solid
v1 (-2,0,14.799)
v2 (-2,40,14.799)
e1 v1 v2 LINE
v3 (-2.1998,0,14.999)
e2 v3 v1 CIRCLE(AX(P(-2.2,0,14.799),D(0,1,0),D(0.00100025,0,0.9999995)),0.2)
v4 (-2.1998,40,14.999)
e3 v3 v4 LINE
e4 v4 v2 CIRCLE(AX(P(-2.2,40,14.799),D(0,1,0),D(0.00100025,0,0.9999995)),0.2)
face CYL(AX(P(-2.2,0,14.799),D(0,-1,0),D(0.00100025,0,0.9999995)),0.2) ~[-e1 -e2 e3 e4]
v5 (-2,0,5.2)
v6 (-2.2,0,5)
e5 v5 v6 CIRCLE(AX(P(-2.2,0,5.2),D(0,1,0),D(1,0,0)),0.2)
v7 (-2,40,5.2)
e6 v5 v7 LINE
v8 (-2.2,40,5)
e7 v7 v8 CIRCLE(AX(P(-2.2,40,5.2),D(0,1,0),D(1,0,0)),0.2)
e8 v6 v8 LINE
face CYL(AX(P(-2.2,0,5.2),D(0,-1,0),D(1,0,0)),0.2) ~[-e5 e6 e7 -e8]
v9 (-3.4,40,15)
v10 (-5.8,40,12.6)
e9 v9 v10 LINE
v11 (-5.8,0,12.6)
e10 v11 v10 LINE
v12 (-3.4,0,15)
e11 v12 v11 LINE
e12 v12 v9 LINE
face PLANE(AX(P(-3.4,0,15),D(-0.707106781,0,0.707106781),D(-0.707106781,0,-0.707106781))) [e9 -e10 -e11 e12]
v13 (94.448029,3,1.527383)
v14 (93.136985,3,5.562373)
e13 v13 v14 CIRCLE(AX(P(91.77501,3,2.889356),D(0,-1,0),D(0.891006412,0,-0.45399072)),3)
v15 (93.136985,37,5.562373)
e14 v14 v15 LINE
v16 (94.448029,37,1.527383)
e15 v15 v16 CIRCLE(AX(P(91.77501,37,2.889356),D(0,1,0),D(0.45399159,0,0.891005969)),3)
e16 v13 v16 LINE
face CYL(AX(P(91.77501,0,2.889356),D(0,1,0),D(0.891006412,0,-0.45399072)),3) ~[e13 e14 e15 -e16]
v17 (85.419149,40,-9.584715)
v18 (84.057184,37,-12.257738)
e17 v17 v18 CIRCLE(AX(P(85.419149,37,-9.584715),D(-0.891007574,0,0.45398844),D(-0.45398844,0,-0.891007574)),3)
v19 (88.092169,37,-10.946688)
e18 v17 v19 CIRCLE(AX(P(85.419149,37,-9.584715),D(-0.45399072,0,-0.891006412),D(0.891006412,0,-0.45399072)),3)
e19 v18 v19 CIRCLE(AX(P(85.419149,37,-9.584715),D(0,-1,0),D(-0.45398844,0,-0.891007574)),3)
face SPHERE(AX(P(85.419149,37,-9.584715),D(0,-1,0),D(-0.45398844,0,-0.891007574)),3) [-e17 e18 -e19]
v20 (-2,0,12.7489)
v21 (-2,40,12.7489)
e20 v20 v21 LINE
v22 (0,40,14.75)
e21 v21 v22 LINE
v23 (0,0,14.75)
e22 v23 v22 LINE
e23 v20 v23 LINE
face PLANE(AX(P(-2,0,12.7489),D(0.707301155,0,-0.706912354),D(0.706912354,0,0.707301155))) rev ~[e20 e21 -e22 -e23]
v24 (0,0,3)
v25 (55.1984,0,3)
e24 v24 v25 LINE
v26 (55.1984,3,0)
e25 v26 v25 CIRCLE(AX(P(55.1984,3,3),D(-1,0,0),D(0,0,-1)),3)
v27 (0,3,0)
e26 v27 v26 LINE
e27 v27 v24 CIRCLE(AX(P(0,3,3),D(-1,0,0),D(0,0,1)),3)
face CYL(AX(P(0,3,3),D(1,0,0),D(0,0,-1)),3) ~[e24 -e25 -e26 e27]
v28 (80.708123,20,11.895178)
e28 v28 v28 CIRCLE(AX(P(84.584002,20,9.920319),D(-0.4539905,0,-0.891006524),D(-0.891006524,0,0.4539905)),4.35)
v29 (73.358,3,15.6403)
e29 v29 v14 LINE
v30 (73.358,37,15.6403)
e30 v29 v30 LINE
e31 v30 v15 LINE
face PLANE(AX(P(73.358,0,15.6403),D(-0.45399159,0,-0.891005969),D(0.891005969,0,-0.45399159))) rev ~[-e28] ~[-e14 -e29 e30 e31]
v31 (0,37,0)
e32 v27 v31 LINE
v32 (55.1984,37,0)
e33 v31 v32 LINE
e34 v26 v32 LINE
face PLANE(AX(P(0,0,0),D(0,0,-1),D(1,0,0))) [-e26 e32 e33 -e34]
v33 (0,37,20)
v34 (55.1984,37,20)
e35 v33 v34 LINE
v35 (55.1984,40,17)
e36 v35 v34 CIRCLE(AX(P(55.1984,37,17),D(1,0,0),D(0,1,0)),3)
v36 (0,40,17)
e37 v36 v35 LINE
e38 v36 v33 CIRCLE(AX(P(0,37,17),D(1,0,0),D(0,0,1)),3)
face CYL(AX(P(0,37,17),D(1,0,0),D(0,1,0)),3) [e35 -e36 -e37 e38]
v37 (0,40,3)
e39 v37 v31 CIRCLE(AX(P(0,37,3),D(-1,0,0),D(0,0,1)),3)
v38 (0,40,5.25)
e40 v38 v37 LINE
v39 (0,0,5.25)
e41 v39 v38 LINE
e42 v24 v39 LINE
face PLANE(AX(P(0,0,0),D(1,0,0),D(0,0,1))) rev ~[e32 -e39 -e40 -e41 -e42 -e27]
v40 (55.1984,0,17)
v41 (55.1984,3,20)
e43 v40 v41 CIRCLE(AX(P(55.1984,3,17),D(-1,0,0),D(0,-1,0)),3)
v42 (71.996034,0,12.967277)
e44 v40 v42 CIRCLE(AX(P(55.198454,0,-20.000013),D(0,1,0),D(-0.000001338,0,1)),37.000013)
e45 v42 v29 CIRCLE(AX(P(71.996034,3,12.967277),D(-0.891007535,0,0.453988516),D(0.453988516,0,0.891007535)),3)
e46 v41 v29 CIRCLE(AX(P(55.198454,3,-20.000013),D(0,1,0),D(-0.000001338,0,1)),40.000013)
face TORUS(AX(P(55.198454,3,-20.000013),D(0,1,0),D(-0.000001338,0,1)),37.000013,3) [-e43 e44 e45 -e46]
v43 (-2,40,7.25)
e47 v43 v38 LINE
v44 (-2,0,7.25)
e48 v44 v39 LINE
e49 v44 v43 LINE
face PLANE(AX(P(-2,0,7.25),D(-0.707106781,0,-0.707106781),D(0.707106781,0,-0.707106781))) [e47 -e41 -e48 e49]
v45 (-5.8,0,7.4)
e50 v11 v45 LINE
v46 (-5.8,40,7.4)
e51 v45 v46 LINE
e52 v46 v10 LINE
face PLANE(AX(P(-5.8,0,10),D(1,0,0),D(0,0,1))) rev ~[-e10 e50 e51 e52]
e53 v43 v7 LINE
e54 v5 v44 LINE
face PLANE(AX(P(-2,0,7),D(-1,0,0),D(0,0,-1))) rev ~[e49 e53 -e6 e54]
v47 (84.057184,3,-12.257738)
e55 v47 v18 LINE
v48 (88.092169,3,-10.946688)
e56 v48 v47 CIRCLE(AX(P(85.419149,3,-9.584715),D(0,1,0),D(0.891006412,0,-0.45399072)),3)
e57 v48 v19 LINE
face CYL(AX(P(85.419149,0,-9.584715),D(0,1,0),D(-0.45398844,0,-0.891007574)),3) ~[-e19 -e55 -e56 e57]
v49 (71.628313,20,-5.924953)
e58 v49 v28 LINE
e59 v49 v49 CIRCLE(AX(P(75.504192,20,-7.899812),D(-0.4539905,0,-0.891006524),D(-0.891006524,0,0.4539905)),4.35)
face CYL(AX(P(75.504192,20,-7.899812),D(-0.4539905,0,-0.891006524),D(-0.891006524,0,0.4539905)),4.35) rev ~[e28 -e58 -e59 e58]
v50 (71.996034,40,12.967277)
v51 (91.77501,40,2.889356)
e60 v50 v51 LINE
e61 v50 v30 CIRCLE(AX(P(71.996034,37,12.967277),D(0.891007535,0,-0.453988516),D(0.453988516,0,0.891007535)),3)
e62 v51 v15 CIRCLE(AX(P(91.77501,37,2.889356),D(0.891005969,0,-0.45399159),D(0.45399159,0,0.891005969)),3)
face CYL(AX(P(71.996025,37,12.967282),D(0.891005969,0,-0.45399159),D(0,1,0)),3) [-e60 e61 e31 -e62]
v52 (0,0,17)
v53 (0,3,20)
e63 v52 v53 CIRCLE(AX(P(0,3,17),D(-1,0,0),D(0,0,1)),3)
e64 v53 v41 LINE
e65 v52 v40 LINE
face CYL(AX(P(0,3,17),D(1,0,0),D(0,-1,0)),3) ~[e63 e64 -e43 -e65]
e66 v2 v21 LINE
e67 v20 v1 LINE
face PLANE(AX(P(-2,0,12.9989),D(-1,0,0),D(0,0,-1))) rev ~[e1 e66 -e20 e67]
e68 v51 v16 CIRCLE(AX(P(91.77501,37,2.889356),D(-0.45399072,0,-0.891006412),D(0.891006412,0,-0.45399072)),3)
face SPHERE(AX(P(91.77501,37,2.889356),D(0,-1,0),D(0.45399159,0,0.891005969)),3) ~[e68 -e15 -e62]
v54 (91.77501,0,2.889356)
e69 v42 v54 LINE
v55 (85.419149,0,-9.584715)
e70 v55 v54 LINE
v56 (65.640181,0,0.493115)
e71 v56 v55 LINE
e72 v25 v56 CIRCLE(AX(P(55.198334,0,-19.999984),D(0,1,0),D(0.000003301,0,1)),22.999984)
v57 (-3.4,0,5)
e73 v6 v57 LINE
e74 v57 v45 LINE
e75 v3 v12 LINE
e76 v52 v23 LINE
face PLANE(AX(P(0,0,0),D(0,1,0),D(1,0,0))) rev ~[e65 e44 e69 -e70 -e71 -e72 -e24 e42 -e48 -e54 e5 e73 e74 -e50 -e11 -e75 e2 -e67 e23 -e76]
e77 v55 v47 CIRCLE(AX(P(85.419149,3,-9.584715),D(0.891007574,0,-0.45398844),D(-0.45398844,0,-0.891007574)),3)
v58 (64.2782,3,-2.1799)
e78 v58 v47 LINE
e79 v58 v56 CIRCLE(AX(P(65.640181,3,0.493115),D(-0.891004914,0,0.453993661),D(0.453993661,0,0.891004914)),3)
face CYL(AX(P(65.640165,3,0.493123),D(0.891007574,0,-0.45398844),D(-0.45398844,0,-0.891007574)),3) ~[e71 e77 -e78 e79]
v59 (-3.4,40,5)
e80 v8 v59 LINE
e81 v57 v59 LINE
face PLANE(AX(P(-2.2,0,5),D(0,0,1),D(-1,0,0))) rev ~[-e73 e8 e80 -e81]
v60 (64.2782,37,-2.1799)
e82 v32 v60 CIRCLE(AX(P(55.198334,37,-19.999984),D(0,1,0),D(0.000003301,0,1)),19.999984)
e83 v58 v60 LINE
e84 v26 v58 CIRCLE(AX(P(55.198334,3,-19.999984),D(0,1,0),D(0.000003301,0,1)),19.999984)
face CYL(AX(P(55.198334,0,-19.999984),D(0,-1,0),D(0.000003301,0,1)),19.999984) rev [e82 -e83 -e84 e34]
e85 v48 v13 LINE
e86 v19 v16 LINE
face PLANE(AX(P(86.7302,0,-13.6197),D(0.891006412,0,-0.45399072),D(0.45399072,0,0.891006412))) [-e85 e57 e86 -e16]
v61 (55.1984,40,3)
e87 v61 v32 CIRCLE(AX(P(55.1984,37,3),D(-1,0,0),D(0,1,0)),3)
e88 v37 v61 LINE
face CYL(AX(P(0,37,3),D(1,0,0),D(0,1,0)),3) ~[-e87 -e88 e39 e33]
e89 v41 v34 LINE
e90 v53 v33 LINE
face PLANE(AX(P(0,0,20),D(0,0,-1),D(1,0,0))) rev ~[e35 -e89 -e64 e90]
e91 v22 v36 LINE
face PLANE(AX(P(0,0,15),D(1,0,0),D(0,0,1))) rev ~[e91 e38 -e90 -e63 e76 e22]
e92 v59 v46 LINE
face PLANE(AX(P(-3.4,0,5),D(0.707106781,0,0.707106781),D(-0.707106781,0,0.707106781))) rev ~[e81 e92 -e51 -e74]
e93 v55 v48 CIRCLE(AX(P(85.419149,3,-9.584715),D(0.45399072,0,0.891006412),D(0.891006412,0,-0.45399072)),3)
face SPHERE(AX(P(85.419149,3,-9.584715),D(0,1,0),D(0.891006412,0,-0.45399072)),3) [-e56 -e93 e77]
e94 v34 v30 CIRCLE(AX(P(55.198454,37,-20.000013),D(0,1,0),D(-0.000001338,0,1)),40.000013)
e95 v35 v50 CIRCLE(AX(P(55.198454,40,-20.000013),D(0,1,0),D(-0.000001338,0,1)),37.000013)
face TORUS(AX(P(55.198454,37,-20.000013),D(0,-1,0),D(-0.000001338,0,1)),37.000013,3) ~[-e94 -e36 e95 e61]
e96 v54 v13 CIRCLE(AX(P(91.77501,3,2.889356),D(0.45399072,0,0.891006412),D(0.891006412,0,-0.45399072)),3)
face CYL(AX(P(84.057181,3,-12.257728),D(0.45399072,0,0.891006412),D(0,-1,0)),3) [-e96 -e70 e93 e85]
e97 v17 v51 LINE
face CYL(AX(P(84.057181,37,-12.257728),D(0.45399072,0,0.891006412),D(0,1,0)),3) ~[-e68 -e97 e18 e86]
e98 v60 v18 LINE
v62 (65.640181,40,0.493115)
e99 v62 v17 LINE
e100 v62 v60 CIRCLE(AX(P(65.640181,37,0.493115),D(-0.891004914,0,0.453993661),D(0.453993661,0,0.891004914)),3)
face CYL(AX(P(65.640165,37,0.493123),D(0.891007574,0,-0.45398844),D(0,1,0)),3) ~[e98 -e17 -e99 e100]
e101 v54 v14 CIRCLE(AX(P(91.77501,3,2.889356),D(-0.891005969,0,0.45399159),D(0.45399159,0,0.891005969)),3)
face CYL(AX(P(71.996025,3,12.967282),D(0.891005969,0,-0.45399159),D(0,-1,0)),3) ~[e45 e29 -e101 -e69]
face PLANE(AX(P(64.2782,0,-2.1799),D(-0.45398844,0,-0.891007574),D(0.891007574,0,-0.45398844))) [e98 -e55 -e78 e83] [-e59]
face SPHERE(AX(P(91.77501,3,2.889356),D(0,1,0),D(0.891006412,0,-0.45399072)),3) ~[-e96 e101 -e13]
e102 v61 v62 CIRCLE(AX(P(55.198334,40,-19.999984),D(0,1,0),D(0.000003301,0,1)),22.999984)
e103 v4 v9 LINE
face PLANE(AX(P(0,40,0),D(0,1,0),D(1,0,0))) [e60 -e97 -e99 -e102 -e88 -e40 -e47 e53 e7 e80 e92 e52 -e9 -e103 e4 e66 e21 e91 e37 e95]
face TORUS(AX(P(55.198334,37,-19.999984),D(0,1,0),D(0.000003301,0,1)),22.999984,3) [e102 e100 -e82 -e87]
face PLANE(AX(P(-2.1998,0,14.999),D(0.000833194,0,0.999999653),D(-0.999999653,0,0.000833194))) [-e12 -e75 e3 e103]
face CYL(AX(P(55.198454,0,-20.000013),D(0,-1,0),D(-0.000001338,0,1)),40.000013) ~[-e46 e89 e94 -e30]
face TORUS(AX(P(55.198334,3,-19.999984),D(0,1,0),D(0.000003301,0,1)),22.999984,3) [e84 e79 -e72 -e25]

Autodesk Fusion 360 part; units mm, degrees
sketch "Sketch1" plane through (0, 0, 0) normal (0, 1, 0) x (1, 0, 0)
  line L0 (0, 0) -> (55.1984, 0)
  line L1 (64.2782, 2.1799) -> (86.7302, 13.6197)
  line L2 (0, -20) -> (55.1984, -20)
  line L3 (73.358, -15.6403) -> (95.81, -4.2004)
  line L4 (86.7302, 13.6197) -> (95.81, -4.2004)
  line L5 (-2, -12.9989) -> (-2, -14.799)
  line L6 (-2.1998, -14.999) -> (-3.4, -15)
  line L7 (-2, -7) -> (-2, -5.2)
  line L8 (-2.2, -5) -> (-3.4, -5)
  line L9 (-3.4, -5) -> (7.0965, -5) construction
  line L10 (-3.4, -15) -> (7.6345, -15) construction
  line L11 (-5.8, -10) -> (-5.8, -7.4)
  line L12 (-5.8, -10) -> (-5.8, -12.6)
  line L13 (-3.4, -5) -> (-5.8, -7.4)
  line L14 (-3.4, -15) -> (-5.8, -12.6)
  line L15 (0, 0) -> (0, -5)
  line L16 (0, -15) -> (0, -20)
  arc A0 (55.1984, -20) -> (73.358, -15.6403) centre (55.1984, 20) ccw
  arc A1 (55.1984, 0) -> (64.2782, 2.1799) centre (55.1984, 20) ccw
  line L17 (-2, -12.9989) -> (-2, -12.7489)
  line L18 (0, -15) -> (0, -14.75)
  line L19 (-2, -12.7489) -> (0, -14.75)
  line L20 (0, -5) -> (0, -5.25)
  line L21 (-2, -7) -> (-2, -7.25)
  line L22 (-2, -7.25) -> (0, -5.25)
  arc A2 (-2, -5.2) -> (-2.2, -5) centre (-2.2, -5.2) ccw
  arc A3 (-2.1998, -14.999) -> (-2, -14.799) centre (-2.2, -14.799) ccw
  point P0 (60, 0)
  point P1 (-2, -14.9989)
  point P2 (-2, -5)
  dimension "d1" = 153
  dimension "d2" = 30
  dimension "d4" = 1.4
  dimension "d5" = 1.4
  dimension "d7" = 135
  dimension "d8" = 135
  dimension "d10" = 40
  dimension "d11" = 20
  dimension "d18" = 2
  dimension "d19" = 5
  dimension "d20" = 0.25
  dimension "d21" = 0.25
  dimension "d22" = 0.25
  dimension "d23" = 0.25
  dimension "d24" = 0.2
  dimension "d25" = 0.2
extrude "Extrude1" add sketch "Sketch1" along normal blind 40
sketch "Sketch2" plane through (21.4463, 0, 42.0906) normal (0.454, 0, 0.891) x (0.891, 0, -0.454)
  line L0 (58.262, 0) -> (83.4604, 0)
  line L1 (83.4604, 0) -> (83.4604, 40)
  line L2 (83.4604, 40) -> (58.262, 40)
  line L3 (58.262, 40) -> (58.262, 0)
sketch "Sketch3" plane through (12.3664, 0, 24.2705) normal (-0.454, 0, -0.891) x (-0.891, 0, 0.454)
  line L0 (-83.4604, 0) -> (-58.262, 0)
  line L1 (-58.262, 0) -> (-58.262, 40)
  line L2 (-58.262, 40) -> (-83.4604, 40)
  line L3 (-83.4604, 40) -> (-83.4604, 0)
  circle A0 centre (-70.8612, 20) radius 4.35
  dimension "d14" = 8.7
extrude "Extrude2" cut sketch "Sketch3" against normal blind 20 contours A0
fillet "Fillet1" radius 3 16 edges at (27.5992, 40, 20) (64.5362, 40, 18.8948) (84.584, 40, 9.9203) (27.5992, 0, 20) (64.5362, 0, 18.8948) (84.584, 0, 9.9203) (75.5042, 40, -7.8998) (59.8673, 40, -0.5526) (27.5992, 40, 0) (91.2701, 40, -4.7096) (95.81, 20, 4.2004) (86.7302, 20, -13.6197) (91.2701, 0, -4.7096) (27.5992, 0, 0) (59.8673, 0, -0.5526) (75.5042, 0, -7.8998)
